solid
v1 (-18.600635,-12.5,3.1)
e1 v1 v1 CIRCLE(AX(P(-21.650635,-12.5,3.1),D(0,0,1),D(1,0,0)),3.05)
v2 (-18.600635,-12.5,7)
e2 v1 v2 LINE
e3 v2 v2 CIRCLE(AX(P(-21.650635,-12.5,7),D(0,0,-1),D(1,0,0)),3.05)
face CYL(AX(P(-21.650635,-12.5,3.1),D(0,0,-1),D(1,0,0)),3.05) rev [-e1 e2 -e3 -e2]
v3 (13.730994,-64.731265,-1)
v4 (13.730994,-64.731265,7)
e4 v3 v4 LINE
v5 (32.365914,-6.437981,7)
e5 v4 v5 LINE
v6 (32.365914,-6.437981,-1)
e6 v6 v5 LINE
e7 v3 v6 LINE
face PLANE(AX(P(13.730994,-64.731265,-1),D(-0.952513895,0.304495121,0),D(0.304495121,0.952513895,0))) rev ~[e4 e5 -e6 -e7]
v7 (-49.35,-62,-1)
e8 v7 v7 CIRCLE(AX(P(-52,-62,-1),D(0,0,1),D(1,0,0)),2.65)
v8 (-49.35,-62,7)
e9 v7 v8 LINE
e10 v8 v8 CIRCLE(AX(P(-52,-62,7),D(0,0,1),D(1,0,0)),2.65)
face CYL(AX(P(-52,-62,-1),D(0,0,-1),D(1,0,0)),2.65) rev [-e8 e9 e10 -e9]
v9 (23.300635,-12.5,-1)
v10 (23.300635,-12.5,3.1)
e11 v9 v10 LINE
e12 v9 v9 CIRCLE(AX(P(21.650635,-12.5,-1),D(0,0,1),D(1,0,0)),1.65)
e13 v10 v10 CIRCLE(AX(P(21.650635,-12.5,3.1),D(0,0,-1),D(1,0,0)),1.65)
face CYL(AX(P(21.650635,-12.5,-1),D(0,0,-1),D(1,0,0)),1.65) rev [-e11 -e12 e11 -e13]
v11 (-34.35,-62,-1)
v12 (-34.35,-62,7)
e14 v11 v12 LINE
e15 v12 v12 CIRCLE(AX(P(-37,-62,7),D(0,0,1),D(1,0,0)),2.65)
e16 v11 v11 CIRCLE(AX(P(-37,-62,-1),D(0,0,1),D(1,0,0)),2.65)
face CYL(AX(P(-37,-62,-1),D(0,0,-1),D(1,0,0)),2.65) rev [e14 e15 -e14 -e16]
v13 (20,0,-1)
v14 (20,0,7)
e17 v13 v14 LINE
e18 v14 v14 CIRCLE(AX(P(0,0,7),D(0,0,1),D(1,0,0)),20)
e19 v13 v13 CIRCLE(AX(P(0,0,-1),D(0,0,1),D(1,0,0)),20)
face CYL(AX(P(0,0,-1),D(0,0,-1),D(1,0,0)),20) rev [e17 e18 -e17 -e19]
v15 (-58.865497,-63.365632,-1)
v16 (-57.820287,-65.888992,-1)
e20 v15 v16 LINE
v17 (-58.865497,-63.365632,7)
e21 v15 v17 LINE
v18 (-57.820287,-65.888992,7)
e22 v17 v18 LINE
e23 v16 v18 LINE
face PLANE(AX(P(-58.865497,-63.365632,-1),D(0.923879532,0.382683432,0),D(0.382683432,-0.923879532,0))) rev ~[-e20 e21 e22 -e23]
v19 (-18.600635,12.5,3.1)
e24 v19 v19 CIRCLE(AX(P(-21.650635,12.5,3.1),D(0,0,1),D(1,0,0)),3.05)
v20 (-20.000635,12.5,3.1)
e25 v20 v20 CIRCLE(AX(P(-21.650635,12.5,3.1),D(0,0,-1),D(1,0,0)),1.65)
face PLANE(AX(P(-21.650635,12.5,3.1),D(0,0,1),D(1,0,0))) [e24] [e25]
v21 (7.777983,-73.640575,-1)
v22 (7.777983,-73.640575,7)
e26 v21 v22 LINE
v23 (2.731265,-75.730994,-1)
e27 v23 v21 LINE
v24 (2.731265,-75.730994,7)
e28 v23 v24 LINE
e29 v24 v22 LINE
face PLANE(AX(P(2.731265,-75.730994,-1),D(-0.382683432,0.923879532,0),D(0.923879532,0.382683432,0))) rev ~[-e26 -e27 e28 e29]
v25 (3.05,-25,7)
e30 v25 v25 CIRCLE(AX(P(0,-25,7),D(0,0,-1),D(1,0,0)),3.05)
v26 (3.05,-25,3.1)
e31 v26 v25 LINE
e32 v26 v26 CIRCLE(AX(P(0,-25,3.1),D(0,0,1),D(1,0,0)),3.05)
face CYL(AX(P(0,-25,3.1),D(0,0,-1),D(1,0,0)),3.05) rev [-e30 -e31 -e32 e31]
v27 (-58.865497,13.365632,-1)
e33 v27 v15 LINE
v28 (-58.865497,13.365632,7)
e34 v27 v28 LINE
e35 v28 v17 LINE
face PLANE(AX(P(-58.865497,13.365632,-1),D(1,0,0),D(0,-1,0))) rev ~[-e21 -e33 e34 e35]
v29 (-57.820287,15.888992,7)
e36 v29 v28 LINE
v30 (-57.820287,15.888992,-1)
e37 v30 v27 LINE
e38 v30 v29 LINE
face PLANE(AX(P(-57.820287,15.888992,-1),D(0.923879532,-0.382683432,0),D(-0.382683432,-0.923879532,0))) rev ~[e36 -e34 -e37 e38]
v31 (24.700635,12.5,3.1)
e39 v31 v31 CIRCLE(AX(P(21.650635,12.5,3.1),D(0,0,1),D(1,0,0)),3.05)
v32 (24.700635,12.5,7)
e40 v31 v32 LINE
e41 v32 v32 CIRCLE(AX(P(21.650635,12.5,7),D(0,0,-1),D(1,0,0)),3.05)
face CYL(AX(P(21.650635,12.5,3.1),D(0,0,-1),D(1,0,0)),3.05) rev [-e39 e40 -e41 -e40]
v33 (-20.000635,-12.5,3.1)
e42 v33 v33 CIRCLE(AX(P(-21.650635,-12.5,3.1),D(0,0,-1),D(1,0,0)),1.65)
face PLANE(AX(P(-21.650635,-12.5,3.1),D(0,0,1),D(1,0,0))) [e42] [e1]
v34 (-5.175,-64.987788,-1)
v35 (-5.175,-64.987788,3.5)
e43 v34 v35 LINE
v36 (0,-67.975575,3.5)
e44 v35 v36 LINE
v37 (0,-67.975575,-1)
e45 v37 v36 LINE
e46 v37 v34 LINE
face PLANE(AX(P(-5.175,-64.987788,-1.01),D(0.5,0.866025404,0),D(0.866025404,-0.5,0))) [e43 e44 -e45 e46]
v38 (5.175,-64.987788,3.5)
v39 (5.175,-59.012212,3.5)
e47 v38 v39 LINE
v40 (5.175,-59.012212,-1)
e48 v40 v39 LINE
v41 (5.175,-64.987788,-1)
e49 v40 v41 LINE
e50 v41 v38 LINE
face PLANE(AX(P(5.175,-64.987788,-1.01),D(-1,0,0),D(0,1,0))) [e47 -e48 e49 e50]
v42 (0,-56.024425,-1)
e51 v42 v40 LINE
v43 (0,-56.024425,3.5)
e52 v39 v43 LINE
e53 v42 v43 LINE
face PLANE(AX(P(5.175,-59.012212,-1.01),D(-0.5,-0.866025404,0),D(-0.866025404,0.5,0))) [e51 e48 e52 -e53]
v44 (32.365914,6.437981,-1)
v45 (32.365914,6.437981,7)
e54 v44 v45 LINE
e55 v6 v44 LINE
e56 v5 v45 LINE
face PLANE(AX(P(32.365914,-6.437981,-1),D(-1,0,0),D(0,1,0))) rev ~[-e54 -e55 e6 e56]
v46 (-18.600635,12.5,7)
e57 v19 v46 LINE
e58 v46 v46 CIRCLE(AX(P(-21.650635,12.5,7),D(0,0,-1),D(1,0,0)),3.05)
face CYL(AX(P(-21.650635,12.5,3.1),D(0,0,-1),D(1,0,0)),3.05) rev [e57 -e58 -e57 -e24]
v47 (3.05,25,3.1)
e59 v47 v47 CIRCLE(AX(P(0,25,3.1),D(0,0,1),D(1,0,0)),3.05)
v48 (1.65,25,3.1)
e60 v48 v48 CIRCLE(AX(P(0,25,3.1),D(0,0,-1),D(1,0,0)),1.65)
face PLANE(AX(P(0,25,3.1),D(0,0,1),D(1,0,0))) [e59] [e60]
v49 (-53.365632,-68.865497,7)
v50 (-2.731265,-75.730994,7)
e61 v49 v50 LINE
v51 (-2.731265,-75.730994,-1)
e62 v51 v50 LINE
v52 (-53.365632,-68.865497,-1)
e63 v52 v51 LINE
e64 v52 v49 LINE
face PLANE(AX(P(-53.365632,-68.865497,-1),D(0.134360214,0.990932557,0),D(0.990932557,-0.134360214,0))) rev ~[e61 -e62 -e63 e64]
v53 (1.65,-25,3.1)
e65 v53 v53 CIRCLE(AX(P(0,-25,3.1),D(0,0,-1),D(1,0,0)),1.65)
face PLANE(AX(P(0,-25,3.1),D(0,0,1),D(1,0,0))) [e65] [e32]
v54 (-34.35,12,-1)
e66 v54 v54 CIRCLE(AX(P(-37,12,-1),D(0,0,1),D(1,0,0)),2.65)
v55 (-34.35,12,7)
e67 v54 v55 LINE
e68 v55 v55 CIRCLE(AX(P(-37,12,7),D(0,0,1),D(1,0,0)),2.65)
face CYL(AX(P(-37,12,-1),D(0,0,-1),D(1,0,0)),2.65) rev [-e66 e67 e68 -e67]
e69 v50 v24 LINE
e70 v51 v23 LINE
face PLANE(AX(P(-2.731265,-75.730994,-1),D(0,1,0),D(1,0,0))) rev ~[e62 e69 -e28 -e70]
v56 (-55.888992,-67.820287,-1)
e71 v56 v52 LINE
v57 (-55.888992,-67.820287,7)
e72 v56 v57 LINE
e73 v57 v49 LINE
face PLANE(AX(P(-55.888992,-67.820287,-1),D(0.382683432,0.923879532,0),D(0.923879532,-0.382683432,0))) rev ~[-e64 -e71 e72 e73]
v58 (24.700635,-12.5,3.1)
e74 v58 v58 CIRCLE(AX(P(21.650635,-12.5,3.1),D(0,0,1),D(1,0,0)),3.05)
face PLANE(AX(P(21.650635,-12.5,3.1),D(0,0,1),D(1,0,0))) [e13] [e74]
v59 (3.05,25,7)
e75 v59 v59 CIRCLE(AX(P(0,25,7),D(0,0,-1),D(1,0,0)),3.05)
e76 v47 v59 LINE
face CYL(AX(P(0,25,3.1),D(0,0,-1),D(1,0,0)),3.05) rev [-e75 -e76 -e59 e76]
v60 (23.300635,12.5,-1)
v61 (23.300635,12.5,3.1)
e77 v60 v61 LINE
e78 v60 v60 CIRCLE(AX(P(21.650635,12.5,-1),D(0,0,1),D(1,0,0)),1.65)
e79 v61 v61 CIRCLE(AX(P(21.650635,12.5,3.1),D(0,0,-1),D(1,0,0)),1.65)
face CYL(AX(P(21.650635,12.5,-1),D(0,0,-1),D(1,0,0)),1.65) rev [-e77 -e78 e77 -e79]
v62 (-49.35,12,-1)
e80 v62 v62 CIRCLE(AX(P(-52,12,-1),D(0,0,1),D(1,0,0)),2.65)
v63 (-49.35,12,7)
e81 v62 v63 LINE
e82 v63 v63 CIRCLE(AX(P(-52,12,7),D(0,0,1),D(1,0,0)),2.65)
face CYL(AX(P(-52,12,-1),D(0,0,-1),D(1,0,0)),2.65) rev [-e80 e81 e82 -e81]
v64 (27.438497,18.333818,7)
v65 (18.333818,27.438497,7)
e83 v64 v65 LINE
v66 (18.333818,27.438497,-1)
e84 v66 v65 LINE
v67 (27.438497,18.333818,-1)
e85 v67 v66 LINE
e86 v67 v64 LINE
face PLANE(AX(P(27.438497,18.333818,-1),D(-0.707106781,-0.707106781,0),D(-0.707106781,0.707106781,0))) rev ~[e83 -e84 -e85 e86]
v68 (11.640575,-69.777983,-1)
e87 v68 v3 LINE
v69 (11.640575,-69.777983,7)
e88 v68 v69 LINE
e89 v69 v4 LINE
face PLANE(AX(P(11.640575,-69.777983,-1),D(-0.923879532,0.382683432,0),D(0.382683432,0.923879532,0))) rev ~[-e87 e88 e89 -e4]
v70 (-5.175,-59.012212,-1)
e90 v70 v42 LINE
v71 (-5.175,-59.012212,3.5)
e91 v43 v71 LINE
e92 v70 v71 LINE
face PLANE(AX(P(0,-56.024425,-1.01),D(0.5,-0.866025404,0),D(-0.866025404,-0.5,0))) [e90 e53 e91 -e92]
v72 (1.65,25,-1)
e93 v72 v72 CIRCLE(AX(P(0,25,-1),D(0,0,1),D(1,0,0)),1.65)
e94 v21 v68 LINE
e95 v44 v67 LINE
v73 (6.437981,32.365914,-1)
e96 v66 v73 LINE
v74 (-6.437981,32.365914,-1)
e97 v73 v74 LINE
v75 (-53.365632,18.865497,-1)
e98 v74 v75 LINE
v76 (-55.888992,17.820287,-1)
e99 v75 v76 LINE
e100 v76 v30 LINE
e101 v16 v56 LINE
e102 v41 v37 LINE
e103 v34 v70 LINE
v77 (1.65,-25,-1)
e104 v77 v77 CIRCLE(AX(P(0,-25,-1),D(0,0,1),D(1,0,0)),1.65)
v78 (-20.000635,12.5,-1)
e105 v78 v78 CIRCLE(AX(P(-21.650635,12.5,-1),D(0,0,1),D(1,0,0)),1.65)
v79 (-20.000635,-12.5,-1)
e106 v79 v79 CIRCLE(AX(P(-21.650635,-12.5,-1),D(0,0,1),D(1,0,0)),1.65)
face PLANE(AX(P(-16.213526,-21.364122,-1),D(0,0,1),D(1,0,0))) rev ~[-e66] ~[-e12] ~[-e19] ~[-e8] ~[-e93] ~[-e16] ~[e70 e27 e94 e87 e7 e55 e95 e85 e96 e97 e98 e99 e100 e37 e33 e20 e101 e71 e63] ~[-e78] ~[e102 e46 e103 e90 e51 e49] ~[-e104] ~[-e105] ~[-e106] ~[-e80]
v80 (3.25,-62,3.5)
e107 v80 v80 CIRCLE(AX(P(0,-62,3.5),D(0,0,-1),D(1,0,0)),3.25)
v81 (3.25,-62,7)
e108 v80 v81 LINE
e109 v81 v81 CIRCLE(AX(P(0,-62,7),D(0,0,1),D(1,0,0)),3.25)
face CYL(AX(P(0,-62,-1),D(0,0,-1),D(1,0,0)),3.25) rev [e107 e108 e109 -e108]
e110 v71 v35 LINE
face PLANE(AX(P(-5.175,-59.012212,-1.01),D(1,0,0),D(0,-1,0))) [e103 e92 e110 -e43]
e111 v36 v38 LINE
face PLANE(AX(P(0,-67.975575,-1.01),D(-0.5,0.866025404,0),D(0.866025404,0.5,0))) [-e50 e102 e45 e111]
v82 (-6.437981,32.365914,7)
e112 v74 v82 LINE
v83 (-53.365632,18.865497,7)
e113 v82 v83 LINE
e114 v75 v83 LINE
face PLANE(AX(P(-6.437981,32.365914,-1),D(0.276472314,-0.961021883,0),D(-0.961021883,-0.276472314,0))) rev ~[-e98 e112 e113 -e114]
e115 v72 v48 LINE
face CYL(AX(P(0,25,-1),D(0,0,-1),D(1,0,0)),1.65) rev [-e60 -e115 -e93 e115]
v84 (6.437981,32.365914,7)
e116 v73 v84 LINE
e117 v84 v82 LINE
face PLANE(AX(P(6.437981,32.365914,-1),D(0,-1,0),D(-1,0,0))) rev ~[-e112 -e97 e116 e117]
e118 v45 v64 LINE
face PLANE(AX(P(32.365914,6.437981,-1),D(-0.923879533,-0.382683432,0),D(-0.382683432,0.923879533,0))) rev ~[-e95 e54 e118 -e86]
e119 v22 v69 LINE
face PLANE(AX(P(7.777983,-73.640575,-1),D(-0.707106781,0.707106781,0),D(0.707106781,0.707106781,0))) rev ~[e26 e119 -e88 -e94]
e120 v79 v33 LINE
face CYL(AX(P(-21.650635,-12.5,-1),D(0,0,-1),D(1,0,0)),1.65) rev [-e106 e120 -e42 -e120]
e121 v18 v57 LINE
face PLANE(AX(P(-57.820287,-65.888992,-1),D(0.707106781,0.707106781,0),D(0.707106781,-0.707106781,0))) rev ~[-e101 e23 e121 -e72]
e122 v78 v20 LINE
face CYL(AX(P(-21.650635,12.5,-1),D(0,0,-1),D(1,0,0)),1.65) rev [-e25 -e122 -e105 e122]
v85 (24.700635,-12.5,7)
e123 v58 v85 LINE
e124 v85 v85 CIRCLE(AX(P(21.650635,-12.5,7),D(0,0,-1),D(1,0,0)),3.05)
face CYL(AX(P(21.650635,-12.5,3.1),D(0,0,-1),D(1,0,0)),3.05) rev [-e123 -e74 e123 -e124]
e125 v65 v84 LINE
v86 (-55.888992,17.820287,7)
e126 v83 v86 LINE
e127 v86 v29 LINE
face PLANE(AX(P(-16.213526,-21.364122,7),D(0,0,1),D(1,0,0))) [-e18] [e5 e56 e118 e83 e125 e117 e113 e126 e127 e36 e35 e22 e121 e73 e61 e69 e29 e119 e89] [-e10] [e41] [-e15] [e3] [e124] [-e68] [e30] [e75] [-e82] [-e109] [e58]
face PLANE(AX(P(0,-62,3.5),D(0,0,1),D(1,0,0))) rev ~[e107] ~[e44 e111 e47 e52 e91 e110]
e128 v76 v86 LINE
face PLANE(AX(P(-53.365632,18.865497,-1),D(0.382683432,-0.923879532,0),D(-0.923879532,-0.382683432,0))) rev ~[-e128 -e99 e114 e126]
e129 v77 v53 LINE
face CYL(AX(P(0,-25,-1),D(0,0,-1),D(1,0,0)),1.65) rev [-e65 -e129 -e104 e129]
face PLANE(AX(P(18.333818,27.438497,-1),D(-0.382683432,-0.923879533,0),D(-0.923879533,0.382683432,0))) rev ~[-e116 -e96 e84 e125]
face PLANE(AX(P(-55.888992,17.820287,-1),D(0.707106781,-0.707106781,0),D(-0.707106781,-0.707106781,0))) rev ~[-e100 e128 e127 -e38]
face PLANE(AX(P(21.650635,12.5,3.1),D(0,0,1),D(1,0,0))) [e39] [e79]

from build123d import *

# Parameters (mm, degrees)
FRAME_AND_BENCH_INTERFACE_START = -1
PROFILE_1_R                     = 20
PROFILE_1_R_2                   = 3.25
PROFILE_1_R_3                   = 1.65
PROFILE_1_R_4                   = 2.65
FRAME_AND_BENCH_INTERFACE_DEPTH = 8
RECESS_STATOR_SCREW_HEADS_START = 3.1
PROFILE_2_R                     = 3.05
RECESS_STATOR_SCREW_HEADS_DEPTH = 4
REAR_CAPTIVE_NUT_B_START        = -1.01
REAR_CAPTIVE_NUT_B_DEPTH        = 4.51


with BuildPart() as part:
    # Profile_1 → Frame_and_bench_interface (new body)
    with BuildSketch(Plane.XY.offset(FRAME_AND_BENCH_INTERFACE_START)):
        Polygon((-58.865496963, 13.365632254), (-58.865496963, -63.365632254), (-57.820287286, -65.888991631), (-55.888991631, -67.820287286), (-53.365632254, -68.865496963), (-2.731264508, -75.730993926), (2.731264508, -75.730993926), (7.777983262, -73.640574572), (11.640574572, -69.777983262), (13.730993926, -64.731264508), (32.365914253, -6.437980627), (32.365914253, 6.437980627), (27.438497206, 18.33381769), (18.33381769, 27.438497206), (6.437980627, 32.365914253), (-6.437980627, 32.365914253), (-53.365632254, 18.865496963), (-55.888991631, 17.820287286), (-57.820287286, 15.888991631), align=None)
        Circle(PROFILE_1_R, mode=Mode.SUBTRACT)
        with Locations((0, -62)):
            Circle(PROFILE_1_R_2, mode=Mode.SUBTRACT)
        with Locations((21.650635095, 12.5)):
            Circle(PROFILE_1_R_3, mode=Mode.SUBTRACT)
        with Locations((0, 25)):
            Circle(PROFILE_1_R_3, mode=Mode.SUBTRACT)
        with Locations((-21.650635095, 12.5)):
            Circle(PROFILE_1_R_3, mode=Mode.SUBTRACT)
        with Locations((-21.650635095, -12.5)):
            Circle(PROFILE_1_R_3, mode=Mode.SUBTRACT)
        with Locations((0, -25)):
            Circle(PROFILE_1_R_3, mode=Mode.SUBTRACT)
        with Locations((21.650635095, -12.5)):
            Circle(PROFILE_1_R_3, mode=Mode.SUBTRACT)
        with Locations((-52, 12)):
            Circle(PROFILE_1_R_4, mode=Mode.SUBTRACT)
        with Locations((-37, 12)):
            Circle(PROFILE_1_R_4, mode=Mode.SUBTRACT)
        with Locations((-52, -62)):
            Circle(PROFILE_1_R_4, mode=Mode.SUBTRACT)
        with Locations((-37, -62)):
            Circle(PROFILE_1_R_4, mode=Mode.SUBTRACT)
    extrude(amount=FRAME_AND_BENCH_INTERFACE_DEPTH)

    # Profile_2 → Recess_stator_screw_heads (cut)
    with BuildSketch(Plane.XY.offset(RECESS_STATOR_SCREW_HEADS_START)):
        with Locations((21.650635095, 12.5)):
            Circle(PROFILE_2_R)
        with Locations((0, 25)):
            Circle(PROFILE_2_R)
        with Locations((-21.650635095, 12.5)):
            Circle(PROFILE_2_R)
        with Locations((-21.650635095, -12.5)):
            Circle(PROFILE_2_R)
        with Locations((0, -25)):
            Circle(PROFILE_2_R)
        with Locations((21.650635095, -12.5)):
            Circle(PROFILE_2_R)
    extrude(amount=RECESS_STATOR_SCREW_HEADS_DEPTH, mode=Mode.SUBTRACT)

    # Profile_3 → Rear_captive_nut_B (cut)
    with BuildSketch(Plane.XY.offset(REAR_CAPTIVE_NUT_B_START)):
        Polygon((5.175, -59.012212357), (0, -56.024424714), (-5.175, -59.012212357), (-5.175, -64.987787643), (0, -67.975575286), (5.175, -64.987787643), align=None)
    extrude(amount=REAR_CAPTIVE_NUT_B_DEPTH, mode=Mode.SUBTRACT)


solid = part.part
